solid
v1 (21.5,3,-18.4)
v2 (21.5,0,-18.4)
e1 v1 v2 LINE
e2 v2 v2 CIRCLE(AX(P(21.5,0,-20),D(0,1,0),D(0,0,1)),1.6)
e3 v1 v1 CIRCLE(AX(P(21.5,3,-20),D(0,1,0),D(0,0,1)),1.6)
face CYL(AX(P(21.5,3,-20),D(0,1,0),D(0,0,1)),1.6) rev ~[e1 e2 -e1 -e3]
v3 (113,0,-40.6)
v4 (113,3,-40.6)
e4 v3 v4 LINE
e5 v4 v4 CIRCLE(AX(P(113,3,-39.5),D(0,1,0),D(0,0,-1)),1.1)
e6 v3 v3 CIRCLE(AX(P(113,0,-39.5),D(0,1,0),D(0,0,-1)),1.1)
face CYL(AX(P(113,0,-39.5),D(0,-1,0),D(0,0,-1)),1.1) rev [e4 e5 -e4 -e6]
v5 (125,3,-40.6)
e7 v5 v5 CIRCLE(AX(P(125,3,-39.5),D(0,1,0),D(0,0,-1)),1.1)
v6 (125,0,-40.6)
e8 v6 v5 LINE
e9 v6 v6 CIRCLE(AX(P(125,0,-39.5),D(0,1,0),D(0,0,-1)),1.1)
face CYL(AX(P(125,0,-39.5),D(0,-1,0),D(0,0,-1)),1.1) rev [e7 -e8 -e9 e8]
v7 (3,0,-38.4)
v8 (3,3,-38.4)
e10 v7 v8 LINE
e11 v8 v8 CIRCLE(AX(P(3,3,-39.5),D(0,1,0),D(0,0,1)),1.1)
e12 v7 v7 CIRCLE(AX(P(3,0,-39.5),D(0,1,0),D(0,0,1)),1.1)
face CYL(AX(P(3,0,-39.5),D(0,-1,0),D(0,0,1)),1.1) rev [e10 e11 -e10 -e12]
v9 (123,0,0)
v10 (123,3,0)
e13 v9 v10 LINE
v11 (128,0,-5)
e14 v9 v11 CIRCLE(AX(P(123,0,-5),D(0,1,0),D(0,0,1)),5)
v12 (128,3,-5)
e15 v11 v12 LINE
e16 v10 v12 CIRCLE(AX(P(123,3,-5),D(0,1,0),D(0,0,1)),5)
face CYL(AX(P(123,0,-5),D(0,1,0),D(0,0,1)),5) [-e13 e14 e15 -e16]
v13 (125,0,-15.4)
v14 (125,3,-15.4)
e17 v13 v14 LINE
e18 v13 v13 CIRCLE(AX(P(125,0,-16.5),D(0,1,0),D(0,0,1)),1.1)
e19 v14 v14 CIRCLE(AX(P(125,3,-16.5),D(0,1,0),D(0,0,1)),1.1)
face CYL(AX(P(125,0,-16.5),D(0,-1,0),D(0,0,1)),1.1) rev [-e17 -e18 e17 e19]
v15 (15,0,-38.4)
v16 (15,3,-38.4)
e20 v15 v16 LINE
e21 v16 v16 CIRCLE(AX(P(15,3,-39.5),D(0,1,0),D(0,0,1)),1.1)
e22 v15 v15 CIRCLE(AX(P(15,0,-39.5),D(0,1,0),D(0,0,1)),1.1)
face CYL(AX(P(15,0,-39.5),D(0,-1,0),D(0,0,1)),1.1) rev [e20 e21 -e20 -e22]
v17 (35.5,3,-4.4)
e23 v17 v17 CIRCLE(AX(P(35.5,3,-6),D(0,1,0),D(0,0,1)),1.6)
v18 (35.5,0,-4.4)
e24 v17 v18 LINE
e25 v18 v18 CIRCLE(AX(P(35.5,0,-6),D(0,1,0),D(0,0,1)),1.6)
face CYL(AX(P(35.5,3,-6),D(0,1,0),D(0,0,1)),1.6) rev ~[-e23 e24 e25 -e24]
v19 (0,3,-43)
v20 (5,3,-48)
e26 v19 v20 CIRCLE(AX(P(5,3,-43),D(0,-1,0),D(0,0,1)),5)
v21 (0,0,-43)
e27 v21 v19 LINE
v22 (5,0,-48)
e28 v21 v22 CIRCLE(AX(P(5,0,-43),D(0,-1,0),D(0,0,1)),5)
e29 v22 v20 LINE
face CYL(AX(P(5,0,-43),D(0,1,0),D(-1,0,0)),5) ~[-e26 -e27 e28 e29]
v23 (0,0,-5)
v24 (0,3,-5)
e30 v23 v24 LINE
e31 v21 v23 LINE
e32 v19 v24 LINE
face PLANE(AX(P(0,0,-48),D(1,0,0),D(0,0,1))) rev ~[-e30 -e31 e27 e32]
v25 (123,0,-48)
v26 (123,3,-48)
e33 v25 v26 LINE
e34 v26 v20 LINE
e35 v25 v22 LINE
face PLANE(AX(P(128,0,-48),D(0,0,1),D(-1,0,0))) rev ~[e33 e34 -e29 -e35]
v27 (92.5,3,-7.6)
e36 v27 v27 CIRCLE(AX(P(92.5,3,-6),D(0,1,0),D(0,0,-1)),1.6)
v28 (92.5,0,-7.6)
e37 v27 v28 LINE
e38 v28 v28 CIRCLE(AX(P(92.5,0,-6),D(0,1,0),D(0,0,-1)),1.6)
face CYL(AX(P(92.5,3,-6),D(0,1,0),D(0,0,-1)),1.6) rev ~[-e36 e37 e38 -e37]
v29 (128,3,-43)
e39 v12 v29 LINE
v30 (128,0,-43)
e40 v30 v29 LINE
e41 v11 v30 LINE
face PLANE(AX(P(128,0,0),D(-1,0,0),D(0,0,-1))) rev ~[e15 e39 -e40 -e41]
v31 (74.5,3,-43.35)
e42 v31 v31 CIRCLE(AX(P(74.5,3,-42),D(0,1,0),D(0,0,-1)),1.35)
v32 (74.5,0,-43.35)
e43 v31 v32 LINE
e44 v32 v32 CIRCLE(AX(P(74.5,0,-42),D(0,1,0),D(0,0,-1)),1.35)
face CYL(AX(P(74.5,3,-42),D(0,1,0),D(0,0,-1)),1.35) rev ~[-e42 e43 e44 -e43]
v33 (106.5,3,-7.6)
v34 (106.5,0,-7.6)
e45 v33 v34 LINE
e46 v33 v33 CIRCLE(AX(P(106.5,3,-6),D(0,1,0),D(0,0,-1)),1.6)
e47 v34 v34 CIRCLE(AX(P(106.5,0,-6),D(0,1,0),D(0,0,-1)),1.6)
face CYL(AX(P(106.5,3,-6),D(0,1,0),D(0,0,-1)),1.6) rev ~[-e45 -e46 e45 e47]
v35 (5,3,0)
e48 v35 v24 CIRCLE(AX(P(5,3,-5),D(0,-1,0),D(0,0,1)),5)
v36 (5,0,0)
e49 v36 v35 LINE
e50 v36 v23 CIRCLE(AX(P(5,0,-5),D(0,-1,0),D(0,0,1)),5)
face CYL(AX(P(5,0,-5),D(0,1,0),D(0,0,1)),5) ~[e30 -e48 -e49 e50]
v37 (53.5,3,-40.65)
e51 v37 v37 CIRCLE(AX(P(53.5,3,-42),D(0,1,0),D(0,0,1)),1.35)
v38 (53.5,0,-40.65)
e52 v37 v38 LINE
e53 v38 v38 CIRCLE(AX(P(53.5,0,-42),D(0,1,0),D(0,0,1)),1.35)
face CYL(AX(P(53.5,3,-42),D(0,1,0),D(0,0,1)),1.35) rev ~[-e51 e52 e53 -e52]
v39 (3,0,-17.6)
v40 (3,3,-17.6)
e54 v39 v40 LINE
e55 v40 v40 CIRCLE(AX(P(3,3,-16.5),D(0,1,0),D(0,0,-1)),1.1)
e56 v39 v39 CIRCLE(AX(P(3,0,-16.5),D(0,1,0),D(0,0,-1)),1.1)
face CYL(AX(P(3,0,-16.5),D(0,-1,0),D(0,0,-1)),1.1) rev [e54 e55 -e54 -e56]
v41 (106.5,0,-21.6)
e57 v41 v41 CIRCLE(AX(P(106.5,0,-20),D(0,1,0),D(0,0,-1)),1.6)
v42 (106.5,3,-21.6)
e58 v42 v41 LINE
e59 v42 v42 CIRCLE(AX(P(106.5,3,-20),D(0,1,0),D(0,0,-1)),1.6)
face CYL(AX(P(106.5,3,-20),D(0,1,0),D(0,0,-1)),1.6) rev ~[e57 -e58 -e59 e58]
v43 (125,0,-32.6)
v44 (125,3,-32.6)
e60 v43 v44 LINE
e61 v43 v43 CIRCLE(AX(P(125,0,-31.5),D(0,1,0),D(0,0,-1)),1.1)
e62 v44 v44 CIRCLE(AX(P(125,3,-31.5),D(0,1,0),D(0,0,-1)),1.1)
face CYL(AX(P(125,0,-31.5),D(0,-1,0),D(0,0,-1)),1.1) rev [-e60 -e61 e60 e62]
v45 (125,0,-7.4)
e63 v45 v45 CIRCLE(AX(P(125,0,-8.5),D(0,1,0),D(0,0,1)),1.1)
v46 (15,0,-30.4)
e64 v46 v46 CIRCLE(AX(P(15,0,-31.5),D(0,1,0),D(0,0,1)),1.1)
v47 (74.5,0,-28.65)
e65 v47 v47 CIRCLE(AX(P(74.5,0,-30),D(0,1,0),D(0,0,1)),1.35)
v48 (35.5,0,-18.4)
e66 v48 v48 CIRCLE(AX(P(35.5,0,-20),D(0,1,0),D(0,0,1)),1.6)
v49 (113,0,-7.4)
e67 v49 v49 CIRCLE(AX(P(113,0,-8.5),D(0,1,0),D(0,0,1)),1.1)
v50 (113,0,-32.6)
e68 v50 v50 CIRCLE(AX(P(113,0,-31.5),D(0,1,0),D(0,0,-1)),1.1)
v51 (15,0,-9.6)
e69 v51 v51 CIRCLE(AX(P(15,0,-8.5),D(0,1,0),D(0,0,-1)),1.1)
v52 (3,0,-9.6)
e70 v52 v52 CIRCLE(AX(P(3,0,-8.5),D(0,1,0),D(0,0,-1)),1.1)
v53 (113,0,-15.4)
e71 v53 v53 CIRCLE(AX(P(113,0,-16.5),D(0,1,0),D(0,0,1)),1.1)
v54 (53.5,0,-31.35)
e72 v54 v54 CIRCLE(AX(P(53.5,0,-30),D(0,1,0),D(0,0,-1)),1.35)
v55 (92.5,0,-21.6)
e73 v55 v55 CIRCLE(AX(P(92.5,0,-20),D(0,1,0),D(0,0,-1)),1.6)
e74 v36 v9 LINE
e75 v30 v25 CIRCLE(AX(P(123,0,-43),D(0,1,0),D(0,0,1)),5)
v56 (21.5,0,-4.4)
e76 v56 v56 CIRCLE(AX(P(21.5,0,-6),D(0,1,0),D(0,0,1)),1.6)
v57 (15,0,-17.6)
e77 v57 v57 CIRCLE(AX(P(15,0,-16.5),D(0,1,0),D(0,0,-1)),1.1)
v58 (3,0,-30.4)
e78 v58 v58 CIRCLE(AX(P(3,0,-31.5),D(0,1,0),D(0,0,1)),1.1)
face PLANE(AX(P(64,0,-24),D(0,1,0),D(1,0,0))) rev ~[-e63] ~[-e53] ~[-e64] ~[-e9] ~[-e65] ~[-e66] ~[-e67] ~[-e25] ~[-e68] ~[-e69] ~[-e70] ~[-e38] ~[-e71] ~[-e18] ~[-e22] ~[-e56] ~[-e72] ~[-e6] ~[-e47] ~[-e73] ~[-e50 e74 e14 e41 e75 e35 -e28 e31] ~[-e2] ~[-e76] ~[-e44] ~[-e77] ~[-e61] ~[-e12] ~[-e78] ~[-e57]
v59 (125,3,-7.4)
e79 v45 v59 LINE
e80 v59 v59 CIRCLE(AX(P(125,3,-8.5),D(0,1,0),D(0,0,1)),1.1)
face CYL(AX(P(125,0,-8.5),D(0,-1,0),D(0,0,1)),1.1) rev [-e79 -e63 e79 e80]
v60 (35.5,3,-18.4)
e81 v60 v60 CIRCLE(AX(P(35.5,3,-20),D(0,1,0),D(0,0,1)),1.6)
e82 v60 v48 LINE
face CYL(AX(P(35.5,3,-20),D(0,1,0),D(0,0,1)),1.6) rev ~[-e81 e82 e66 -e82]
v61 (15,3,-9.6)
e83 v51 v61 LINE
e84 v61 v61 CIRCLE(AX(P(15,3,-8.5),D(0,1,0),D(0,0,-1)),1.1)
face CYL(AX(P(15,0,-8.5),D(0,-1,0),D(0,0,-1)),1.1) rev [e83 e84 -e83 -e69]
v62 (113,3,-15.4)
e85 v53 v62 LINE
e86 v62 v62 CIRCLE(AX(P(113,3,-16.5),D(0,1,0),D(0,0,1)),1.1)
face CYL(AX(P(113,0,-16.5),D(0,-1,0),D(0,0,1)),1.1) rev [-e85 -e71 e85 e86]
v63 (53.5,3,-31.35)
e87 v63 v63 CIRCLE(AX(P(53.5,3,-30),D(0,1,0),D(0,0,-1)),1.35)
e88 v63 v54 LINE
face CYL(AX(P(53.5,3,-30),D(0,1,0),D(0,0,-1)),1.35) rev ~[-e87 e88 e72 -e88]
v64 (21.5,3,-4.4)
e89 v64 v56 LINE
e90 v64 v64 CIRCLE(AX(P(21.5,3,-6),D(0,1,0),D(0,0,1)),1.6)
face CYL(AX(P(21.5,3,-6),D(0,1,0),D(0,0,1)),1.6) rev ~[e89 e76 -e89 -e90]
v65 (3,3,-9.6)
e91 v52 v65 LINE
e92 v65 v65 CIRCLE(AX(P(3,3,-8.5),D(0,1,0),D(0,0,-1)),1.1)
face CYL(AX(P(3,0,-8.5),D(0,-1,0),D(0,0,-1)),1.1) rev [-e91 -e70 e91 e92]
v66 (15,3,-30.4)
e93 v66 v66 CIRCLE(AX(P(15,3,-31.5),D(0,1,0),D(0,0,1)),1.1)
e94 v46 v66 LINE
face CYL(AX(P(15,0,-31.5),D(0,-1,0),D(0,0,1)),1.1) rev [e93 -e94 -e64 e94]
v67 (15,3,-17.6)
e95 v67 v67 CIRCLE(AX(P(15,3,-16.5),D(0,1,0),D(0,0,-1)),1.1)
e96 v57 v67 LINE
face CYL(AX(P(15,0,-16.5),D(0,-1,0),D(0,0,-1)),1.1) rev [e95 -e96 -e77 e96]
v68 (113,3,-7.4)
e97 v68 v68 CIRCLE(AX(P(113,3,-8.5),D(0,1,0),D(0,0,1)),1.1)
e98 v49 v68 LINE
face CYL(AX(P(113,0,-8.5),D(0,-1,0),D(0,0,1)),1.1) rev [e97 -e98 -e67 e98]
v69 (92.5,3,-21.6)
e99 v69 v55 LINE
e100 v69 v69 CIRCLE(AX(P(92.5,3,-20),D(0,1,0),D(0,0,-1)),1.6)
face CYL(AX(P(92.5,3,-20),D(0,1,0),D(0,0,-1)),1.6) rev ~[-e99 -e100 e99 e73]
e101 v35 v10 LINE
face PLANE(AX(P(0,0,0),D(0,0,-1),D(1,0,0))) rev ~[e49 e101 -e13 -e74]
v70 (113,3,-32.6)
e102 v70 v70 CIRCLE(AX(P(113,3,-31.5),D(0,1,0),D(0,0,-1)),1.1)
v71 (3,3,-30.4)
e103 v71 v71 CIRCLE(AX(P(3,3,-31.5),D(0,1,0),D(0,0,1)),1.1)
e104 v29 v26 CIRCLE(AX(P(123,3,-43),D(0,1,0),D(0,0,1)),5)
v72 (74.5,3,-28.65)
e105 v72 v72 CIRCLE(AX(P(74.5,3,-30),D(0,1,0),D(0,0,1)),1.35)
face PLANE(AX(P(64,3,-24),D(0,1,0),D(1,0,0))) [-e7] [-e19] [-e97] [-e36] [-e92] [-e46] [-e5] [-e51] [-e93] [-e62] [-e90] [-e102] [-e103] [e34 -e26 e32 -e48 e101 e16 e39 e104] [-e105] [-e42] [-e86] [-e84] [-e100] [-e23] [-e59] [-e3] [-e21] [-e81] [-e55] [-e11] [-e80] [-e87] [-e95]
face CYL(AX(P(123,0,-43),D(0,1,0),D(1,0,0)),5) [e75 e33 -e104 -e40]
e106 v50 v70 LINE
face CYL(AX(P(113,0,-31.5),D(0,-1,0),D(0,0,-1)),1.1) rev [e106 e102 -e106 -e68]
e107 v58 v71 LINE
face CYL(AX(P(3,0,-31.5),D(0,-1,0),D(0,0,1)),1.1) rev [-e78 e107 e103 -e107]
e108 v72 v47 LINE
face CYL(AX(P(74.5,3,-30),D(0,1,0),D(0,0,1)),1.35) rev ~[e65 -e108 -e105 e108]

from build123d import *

# Parameters (mm, degrees)
SKETCH_1_R          = 1.1
EXTRUDE_1_DEPTH     = 3
SKETCH_2_R          = 1.6
CUT_EXTRUDE_1_DEPTH = 137.736973785
SKETCH_5_R          = 1.35
CUT_EXTRUDE_3_DEPTH = 137.736973785
FILLET_1_R          = 5


with BuildPart() as part:
    # 草图1 → 凸台-拉伸1 (new body)
    with BuildSketch(Plane(origin=(0, 0, 0), x_dir=(1, 0, 0), z_dir=(0, 1, 0))):
        Polygon((0, 0), (128, 0), (128, 48), (110, 48), (18, 48), (0, 48), align=None)
        with Locations(Location((125, 8.5, 0), (0, 0, 270))):
            Circle(SKETCH_1_R, mode=Mode.SUBTRACT)
        with Locations(Location((113, 8.5, 0), (0, 0, 270))):
            Circle(SKETCH_1_R, mode=Mode.SUBTRACT)
        with Locations(Location((125, 16.5, 0), (0, 0, 270))):
            Circle(SKETCH_1_R, mode=Mode.SUBTRACT)
        with Locations(Location((113, 16.5, 0), (0, 0, 270))):
            Circle(SKETCH_1_R, mode=Mode.SUBTRACT)
        with Locations(Location((125, 31.5, 0), (0, 0, 90))):
            Circle(SKETCH_1_R, mode=Mode.SUBTRACT)
        with Locations(Location((125, 39.5, 0), (0, 0, 90))):
            Circle(SKETCH_1_R, mode=Mode.SUBTRACT)
        with Locations(Location((113, 39.5, 0), (0, 0, 90))):
            Circle(SKETCH_1_R, mode=Mode.SUBTRACT)
        with Locations(Location((113, 31.5, 0), (0, 0, 90))):
            Circle(SKETCH_1_R, mode=Mode.SUBTRACT)
        with Locations(Location((15, 8.5, 0), (0, 0, 90))):
            Circle(SKETCH_1_R, mode=Mode.SUBTRACT)
        with Locations(Location((3, 8.5, 0), (0, 0, 90))):
            Circle(SKETCH_1_R, mode=Mode.SUBTRACT)
        with Locations(Location((3, 16.5, 0), (0, 0, 90))):
            Circle(SKETCH_1_R, mode=Mode.SUBTRACT)
        with Locations(Location((15, 16.5, 0), (0, 0, 90))):
            Circle(SKETCH_1_R, mode=Mode.SUBTRACT)
        with Locations(Location((15, 39.5, 0), (0, 0, 270))):
            Circle(SKETCH_1_R, mode=Mode.SUBTRACT)
        with Locations(Location((3, 39.5, 0), (0, 0, 270))):
            Circle(SKETCH_1_R, mode=Mode.SUBTRACT)
        with Locations(Location((3, 31.5, 0), (0, 0, 270))):
            Circle(SKETCH_1_R, mode=Mode.SUBTRACT)
        with Locations(Location((15, 31.5, 0), (0, 0, 270))):
            Circle(SKETCH_1_R, mode=Mode.SUBTRACT)
    extrude(amount=EXTRUDE_1_DEPTH)

    # 草图2 → 切除-拉伸1 (cut, through all)
    with BuildSketch(Plane(origin=(0, 3, 0), x_dir=(1, 0, 0), z_dir=(0, 1, 0))):
        with Locations(Location((21.5, 20, 0), (0, 0, 270))):
            Circle(SKETCH_2_R)
        with Locations(Location((35.5, 20, 0), (0, 0, 270))):
            Circle(SKETCH_2_R)
        with Locations(Location((35.5, 6, 0), (0, 0, 270))):
            Circle(SKETCH_2_R)
        with Locations(Location((21.5, 6, 0), (0, 0, 270))):
            Circle(SKETCH_2_R)
        with Locations(Location((106.5, 6, 0), (0, 0, 90))):
            Circle(SKETCH_2_R)
        with Locations(Location((92.5, 6, 0), (0, 0, 90))):
            Circle(SKETCH_2_R)
        with Locations(Location((92.5, 20, 0), (0, 0, 90))):
            Circle(SKETCH_2_R)
        with Locations(Location((106.5, 20, 0), (0, 0, 90))):
            Circle(SKETCH_2_R)
    extrude(amount=-CUT_EXTRUDE_1_DEPTH, mode=Mode.SUBTRACT)

    # 草图5 → 切除-拉伸3 (cut, through all)
    with BuildSketch(Plane(origin=(0, 3, 0), x_dir=(1, 0, 0), z_dir=(0, 1, 0))):
        with Locations(Location((53.5, 42, 0), (0, 0, 270))):
            Circle(SKETCH_5_R)
        with Locations(Location((74.5, 42, 0), (0, 0, 90))):
            Circle(SKETCH_5_R)
        with Locations(Location((74.5, 30, 0), (0, 0, 270))):
            Circle(SKETCH_5_R)
        with Locations(Location((53.5, 30, 0), (0, 0, 90))):
            Circle(SKETCH_5_R)
    extrude(amount=-CUT_EXTRUDE_3_DEPTH, mode=Mode.SUBTRACT)

    # 圆角1
    fillet_1_edges = [part.edges().sort_by_distance(p)[0] for p in [
        (0, 1.5, -48),
        (128, 1.5, -48),
        (128, 1.5, 0),
        (0, 1.5, 0),
    ]]
    fillet(fillet_1_edges, radius=FILLET_1_R)


solid = part.part
